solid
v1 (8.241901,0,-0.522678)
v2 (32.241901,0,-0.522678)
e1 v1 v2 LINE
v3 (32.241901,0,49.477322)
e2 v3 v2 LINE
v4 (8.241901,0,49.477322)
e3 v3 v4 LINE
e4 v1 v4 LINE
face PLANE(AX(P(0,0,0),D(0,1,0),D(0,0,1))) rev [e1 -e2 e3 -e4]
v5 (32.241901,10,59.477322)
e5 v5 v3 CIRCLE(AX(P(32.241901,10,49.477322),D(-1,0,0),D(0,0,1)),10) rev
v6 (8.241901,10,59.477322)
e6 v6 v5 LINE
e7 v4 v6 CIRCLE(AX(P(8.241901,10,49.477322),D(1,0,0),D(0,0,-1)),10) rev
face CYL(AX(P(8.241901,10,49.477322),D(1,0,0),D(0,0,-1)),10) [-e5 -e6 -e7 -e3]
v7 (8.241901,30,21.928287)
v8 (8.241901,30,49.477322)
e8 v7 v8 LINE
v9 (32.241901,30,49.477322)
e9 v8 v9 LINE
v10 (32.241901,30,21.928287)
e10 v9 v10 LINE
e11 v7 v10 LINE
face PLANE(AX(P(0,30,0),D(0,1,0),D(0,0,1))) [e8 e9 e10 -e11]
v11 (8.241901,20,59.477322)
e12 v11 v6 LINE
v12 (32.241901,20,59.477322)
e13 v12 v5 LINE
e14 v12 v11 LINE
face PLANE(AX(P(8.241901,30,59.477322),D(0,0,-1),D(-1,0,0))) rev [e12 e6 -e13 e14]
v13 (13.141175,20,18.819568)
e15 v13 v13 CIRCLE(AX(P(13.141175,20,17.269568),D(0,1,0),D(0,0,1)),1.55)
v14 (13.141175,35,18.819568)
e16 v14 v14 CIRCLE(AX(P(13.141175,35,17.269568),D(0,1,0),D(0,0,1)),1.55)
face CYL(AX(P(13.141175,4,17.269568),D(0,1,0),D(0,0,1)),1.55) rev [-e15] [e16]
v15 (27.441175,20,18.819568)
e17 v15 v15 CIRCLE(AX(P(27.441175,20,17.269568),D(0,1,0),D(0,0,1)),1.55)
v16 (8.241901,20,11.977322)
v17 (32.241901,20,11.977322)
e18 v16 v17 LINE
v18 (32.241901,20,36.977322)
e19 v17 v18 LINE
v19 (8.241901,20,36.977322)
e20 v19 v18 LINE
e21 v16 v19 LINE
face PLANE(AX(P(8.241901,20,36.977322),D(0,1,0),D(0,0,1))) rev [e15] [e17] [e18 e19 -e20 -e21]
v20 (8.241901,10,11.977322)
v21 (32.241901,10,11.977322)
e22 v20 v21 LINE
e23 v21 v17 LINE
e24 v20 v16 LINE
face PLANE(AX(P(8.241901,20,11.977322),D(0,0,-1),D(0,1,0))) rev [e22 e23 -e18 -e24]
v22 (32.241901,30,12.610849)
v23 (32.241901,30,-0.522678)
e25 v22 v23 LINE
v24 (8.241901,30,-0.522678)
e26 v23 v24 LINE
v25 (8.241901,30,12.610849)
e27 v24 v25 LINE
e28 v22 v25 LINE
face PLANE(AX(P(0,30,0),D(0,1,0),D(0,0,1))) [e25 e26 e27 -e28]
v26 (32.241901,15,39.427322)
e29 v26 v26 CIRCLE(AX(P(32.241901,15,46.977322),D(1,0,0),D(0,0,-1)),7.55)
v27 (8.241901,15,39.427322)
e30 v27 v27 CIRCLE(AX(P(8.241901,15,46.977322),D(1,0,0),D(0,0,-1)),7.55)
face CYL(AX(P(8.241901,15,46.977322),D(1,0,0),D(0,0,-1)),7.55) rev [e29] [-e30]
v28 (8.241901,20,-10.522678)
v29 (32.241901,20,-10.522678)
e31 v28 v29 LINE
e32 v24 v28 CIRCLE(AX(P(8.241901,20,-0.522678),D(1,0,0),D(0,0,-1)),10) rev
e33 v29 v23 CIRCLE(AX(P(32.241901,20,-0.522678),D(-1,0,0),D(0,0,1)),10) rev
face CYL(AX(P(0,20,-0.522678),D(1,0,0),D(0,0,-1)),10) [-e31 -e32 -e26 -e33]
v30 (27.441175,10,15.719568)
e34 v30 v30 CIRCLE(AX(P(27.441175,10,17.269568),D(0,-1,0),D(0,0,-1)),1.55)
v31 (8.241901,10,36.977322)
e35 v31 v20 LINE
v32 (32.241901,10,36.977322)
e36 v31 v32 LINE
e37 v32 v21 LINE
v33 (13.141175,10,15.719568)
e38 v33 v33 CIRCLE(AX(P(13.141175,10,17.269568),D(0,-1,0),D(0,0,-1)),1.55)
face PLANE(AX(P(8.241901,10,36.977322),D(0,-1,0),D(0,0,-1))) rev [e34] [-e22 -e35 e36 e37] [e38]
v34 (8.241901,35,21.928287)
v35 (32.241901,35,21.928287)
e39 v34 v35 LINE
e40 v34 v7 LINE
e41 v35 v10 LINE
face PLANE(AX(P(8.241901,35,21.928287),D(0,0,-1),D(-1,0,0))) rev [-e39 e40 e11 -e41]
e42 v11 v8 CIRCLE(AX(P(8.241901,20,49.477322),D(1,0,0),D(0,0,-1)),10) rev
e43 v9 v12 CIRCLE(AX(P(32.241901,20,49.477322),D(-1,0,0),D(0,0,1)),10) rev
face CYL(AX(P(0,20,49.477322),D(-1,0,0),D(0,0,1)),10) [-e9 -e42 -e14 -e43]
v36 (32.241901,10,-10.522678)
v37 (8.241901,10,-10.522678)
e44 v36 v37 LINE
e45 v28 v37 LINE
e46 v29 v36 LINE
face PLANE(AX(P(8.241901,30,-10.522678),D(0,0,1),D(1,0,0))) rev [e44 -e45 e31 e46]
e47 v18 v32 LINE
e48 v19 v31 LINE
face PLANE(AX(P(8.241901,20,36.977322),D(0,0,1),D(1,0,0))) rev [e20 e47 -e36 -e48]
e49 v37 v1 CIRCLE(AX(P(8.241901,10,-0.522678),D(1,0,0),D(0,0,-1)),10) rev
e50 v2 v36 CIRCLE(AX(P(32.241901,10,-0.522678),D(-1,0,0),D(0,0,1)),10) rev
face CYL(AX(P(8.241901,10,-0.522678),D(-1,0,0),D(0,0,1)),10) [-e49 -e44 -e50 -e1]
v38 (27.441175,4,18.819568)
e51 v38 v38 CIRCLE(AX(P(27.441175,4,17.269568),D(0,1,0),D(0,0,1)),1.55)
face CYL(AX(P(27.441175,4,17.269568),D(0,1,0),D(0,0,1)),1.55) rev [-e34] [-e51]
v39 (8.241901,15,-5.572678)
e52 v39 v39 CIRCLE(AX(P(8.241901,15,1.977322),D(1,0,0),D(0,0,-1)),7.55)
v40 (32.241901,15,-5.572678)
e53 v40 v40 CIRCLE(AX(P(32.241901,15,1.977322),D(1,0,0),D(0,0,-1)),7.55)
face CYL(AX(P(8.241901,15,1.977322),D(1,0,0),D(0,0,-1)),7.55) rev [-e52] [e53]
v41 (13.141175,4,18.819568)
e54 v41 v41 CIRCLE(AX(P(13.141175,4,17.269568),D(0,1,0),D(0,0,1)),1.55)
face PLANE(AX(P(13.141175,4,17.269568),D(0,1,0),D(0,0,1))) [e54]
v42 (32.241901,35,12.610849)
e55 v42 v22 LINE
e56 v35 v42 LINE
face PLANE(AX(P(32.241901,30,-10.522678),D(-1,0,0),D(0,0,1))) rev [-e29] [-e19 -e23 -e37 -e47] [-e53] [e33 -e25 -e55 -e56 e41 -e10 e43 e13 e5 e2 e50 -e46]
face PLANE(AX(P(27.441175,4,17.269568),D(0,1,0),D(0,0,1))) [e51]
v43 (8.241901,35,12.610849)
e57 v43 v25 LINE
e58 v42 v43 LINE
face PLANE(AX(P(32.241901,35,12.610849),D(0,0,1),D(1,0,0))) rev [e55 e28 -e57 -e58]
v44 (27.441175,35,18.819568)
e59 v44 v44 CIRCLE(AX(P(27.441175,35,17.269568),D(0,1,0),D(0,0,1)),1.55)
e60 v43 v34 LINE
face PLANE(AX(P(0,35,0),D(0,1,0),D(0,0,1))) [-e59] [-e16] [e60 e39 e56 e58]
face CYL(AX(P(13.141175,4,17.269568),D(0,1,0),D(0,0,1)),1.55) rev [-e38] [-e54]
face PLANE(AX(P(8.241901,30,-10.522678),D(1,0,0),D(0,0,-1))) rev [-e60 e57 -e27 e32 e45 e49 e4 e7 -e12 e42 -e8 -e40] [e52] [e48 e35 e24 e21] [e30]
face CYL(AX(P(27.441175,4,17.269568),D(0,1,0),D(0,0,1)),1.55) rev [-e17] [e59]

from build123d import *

# Parameters (mm, degrees)
SKETCH_1_W          = 24
SKETCH_1_H          = 70
EXTRUDE_1_DEPTH     = 30
SKETCH_2_R          = 7.55
CUT_EXTRUDE_1_DEPTH = 71.806439045
SKETCH_3_W          = 25
SKETCH_3_H          = 10
CUT_EXTRUDE_2_DEPTH = 71.806439045
SKETCH_4_W          = 24
SKETCH_4_H          = 9.317438099
EXTRUDE_2_DEPTH     = 5
SKETCH_5_R          = 1.55
CUT_EXTRUDE_3_DEPTH = 31
FILLET_1_R          = 10


with BuildPart() as part:
    # 草图1 → 凸台-拉伸1 (new body)
    with BuildSketch(Plane(origin=(0, 0, 0), x_dir=(1, 0, 0), z_dir=(0, 1, 0))):
        with Locations((20.241900648, -24.477321814)):
            Rectangle(SKETCH_1_W, SKETCH_1_H)
    extrude(amount=EXTRUDE_1_DEPTH)

    # 草图2 → 切除-拉伸1 (cut, through all)
    with BuildSketch(Plane(origin=(32.241900648, 0, 0), x_dir=(0, 0, -1), z_dir=(1, 0, 0))):
        with Locations((-46.977321814, 15)):
            Circle(SKETCH_2_R)
        with Locations((-1.977321814, 15)):
            Circle(SKETCH_2_R)
    extrude(amount=-CUT_EXTRUDE_1_DEPTH, mode=Mode.SUBTRACT)

    # 草图3 → 切除-拉伸2 (cut, through all)
    with BuildSketch(Plane(origin=(32.241900648, 0, 0), x_dir=(0, 0, -1), z_dir=(1, 0, 0))):
        with Locations((-24.477321814, 15)):
            Rectangle(SKETCH_3_W, SKETCH_3_H)
    extrude(amount=-CUT_EXTRUDE_2_DEPTH, mode=Mode.SUBTRACT)

    # 草图4 → 凸台-拉伸2 (add)
    with BuildSketch(Plane(origin=(0, 30, 0), x_dir=(1, 0, 0), z_dir=(0, 1, 0))):
        with Locations((20.241900648, -17.269567559)):
            Rectangle(SKETCH_4_W, SKETCH_4_H)
    extrude(amount=EXTRUDE_2_DEPTH)

    # 草图5 → 切除-拉伸3 (cut)
    with BuildSketch(Plane(origin=(0, 35, 0), x_dir=(1, 0, 0), z_dir=(0, 1, 0))):
        with Locations(Location((27.441174565, -17.269567558, 0), (0, 0, 270))):
            Circle(SKETCH_5_R)
        with Locations(Location((13.141174565, -17.269567558, 0), (0, 0, 270))):
            Circle(SKETCH_5_R)
    extrude(amount=-CUT_EXTRUDE_3_DEPTH, mode=Mode.SUBTRACT)

    # 圆角1
    fillet_1_edges = [part.edges().sort_by_distance(p)[0] for p in [
        (20.241900648, 30, -10.522678186),
        (20.241900648, 0, -10.522678186),
        (20.241900648, 0, 59.477321814),
        (20.241900648, 30, 59.477321814),
    ]]
    fillet(fillet_1_edges, radius=FILLET_1_R)


solid = part.part
